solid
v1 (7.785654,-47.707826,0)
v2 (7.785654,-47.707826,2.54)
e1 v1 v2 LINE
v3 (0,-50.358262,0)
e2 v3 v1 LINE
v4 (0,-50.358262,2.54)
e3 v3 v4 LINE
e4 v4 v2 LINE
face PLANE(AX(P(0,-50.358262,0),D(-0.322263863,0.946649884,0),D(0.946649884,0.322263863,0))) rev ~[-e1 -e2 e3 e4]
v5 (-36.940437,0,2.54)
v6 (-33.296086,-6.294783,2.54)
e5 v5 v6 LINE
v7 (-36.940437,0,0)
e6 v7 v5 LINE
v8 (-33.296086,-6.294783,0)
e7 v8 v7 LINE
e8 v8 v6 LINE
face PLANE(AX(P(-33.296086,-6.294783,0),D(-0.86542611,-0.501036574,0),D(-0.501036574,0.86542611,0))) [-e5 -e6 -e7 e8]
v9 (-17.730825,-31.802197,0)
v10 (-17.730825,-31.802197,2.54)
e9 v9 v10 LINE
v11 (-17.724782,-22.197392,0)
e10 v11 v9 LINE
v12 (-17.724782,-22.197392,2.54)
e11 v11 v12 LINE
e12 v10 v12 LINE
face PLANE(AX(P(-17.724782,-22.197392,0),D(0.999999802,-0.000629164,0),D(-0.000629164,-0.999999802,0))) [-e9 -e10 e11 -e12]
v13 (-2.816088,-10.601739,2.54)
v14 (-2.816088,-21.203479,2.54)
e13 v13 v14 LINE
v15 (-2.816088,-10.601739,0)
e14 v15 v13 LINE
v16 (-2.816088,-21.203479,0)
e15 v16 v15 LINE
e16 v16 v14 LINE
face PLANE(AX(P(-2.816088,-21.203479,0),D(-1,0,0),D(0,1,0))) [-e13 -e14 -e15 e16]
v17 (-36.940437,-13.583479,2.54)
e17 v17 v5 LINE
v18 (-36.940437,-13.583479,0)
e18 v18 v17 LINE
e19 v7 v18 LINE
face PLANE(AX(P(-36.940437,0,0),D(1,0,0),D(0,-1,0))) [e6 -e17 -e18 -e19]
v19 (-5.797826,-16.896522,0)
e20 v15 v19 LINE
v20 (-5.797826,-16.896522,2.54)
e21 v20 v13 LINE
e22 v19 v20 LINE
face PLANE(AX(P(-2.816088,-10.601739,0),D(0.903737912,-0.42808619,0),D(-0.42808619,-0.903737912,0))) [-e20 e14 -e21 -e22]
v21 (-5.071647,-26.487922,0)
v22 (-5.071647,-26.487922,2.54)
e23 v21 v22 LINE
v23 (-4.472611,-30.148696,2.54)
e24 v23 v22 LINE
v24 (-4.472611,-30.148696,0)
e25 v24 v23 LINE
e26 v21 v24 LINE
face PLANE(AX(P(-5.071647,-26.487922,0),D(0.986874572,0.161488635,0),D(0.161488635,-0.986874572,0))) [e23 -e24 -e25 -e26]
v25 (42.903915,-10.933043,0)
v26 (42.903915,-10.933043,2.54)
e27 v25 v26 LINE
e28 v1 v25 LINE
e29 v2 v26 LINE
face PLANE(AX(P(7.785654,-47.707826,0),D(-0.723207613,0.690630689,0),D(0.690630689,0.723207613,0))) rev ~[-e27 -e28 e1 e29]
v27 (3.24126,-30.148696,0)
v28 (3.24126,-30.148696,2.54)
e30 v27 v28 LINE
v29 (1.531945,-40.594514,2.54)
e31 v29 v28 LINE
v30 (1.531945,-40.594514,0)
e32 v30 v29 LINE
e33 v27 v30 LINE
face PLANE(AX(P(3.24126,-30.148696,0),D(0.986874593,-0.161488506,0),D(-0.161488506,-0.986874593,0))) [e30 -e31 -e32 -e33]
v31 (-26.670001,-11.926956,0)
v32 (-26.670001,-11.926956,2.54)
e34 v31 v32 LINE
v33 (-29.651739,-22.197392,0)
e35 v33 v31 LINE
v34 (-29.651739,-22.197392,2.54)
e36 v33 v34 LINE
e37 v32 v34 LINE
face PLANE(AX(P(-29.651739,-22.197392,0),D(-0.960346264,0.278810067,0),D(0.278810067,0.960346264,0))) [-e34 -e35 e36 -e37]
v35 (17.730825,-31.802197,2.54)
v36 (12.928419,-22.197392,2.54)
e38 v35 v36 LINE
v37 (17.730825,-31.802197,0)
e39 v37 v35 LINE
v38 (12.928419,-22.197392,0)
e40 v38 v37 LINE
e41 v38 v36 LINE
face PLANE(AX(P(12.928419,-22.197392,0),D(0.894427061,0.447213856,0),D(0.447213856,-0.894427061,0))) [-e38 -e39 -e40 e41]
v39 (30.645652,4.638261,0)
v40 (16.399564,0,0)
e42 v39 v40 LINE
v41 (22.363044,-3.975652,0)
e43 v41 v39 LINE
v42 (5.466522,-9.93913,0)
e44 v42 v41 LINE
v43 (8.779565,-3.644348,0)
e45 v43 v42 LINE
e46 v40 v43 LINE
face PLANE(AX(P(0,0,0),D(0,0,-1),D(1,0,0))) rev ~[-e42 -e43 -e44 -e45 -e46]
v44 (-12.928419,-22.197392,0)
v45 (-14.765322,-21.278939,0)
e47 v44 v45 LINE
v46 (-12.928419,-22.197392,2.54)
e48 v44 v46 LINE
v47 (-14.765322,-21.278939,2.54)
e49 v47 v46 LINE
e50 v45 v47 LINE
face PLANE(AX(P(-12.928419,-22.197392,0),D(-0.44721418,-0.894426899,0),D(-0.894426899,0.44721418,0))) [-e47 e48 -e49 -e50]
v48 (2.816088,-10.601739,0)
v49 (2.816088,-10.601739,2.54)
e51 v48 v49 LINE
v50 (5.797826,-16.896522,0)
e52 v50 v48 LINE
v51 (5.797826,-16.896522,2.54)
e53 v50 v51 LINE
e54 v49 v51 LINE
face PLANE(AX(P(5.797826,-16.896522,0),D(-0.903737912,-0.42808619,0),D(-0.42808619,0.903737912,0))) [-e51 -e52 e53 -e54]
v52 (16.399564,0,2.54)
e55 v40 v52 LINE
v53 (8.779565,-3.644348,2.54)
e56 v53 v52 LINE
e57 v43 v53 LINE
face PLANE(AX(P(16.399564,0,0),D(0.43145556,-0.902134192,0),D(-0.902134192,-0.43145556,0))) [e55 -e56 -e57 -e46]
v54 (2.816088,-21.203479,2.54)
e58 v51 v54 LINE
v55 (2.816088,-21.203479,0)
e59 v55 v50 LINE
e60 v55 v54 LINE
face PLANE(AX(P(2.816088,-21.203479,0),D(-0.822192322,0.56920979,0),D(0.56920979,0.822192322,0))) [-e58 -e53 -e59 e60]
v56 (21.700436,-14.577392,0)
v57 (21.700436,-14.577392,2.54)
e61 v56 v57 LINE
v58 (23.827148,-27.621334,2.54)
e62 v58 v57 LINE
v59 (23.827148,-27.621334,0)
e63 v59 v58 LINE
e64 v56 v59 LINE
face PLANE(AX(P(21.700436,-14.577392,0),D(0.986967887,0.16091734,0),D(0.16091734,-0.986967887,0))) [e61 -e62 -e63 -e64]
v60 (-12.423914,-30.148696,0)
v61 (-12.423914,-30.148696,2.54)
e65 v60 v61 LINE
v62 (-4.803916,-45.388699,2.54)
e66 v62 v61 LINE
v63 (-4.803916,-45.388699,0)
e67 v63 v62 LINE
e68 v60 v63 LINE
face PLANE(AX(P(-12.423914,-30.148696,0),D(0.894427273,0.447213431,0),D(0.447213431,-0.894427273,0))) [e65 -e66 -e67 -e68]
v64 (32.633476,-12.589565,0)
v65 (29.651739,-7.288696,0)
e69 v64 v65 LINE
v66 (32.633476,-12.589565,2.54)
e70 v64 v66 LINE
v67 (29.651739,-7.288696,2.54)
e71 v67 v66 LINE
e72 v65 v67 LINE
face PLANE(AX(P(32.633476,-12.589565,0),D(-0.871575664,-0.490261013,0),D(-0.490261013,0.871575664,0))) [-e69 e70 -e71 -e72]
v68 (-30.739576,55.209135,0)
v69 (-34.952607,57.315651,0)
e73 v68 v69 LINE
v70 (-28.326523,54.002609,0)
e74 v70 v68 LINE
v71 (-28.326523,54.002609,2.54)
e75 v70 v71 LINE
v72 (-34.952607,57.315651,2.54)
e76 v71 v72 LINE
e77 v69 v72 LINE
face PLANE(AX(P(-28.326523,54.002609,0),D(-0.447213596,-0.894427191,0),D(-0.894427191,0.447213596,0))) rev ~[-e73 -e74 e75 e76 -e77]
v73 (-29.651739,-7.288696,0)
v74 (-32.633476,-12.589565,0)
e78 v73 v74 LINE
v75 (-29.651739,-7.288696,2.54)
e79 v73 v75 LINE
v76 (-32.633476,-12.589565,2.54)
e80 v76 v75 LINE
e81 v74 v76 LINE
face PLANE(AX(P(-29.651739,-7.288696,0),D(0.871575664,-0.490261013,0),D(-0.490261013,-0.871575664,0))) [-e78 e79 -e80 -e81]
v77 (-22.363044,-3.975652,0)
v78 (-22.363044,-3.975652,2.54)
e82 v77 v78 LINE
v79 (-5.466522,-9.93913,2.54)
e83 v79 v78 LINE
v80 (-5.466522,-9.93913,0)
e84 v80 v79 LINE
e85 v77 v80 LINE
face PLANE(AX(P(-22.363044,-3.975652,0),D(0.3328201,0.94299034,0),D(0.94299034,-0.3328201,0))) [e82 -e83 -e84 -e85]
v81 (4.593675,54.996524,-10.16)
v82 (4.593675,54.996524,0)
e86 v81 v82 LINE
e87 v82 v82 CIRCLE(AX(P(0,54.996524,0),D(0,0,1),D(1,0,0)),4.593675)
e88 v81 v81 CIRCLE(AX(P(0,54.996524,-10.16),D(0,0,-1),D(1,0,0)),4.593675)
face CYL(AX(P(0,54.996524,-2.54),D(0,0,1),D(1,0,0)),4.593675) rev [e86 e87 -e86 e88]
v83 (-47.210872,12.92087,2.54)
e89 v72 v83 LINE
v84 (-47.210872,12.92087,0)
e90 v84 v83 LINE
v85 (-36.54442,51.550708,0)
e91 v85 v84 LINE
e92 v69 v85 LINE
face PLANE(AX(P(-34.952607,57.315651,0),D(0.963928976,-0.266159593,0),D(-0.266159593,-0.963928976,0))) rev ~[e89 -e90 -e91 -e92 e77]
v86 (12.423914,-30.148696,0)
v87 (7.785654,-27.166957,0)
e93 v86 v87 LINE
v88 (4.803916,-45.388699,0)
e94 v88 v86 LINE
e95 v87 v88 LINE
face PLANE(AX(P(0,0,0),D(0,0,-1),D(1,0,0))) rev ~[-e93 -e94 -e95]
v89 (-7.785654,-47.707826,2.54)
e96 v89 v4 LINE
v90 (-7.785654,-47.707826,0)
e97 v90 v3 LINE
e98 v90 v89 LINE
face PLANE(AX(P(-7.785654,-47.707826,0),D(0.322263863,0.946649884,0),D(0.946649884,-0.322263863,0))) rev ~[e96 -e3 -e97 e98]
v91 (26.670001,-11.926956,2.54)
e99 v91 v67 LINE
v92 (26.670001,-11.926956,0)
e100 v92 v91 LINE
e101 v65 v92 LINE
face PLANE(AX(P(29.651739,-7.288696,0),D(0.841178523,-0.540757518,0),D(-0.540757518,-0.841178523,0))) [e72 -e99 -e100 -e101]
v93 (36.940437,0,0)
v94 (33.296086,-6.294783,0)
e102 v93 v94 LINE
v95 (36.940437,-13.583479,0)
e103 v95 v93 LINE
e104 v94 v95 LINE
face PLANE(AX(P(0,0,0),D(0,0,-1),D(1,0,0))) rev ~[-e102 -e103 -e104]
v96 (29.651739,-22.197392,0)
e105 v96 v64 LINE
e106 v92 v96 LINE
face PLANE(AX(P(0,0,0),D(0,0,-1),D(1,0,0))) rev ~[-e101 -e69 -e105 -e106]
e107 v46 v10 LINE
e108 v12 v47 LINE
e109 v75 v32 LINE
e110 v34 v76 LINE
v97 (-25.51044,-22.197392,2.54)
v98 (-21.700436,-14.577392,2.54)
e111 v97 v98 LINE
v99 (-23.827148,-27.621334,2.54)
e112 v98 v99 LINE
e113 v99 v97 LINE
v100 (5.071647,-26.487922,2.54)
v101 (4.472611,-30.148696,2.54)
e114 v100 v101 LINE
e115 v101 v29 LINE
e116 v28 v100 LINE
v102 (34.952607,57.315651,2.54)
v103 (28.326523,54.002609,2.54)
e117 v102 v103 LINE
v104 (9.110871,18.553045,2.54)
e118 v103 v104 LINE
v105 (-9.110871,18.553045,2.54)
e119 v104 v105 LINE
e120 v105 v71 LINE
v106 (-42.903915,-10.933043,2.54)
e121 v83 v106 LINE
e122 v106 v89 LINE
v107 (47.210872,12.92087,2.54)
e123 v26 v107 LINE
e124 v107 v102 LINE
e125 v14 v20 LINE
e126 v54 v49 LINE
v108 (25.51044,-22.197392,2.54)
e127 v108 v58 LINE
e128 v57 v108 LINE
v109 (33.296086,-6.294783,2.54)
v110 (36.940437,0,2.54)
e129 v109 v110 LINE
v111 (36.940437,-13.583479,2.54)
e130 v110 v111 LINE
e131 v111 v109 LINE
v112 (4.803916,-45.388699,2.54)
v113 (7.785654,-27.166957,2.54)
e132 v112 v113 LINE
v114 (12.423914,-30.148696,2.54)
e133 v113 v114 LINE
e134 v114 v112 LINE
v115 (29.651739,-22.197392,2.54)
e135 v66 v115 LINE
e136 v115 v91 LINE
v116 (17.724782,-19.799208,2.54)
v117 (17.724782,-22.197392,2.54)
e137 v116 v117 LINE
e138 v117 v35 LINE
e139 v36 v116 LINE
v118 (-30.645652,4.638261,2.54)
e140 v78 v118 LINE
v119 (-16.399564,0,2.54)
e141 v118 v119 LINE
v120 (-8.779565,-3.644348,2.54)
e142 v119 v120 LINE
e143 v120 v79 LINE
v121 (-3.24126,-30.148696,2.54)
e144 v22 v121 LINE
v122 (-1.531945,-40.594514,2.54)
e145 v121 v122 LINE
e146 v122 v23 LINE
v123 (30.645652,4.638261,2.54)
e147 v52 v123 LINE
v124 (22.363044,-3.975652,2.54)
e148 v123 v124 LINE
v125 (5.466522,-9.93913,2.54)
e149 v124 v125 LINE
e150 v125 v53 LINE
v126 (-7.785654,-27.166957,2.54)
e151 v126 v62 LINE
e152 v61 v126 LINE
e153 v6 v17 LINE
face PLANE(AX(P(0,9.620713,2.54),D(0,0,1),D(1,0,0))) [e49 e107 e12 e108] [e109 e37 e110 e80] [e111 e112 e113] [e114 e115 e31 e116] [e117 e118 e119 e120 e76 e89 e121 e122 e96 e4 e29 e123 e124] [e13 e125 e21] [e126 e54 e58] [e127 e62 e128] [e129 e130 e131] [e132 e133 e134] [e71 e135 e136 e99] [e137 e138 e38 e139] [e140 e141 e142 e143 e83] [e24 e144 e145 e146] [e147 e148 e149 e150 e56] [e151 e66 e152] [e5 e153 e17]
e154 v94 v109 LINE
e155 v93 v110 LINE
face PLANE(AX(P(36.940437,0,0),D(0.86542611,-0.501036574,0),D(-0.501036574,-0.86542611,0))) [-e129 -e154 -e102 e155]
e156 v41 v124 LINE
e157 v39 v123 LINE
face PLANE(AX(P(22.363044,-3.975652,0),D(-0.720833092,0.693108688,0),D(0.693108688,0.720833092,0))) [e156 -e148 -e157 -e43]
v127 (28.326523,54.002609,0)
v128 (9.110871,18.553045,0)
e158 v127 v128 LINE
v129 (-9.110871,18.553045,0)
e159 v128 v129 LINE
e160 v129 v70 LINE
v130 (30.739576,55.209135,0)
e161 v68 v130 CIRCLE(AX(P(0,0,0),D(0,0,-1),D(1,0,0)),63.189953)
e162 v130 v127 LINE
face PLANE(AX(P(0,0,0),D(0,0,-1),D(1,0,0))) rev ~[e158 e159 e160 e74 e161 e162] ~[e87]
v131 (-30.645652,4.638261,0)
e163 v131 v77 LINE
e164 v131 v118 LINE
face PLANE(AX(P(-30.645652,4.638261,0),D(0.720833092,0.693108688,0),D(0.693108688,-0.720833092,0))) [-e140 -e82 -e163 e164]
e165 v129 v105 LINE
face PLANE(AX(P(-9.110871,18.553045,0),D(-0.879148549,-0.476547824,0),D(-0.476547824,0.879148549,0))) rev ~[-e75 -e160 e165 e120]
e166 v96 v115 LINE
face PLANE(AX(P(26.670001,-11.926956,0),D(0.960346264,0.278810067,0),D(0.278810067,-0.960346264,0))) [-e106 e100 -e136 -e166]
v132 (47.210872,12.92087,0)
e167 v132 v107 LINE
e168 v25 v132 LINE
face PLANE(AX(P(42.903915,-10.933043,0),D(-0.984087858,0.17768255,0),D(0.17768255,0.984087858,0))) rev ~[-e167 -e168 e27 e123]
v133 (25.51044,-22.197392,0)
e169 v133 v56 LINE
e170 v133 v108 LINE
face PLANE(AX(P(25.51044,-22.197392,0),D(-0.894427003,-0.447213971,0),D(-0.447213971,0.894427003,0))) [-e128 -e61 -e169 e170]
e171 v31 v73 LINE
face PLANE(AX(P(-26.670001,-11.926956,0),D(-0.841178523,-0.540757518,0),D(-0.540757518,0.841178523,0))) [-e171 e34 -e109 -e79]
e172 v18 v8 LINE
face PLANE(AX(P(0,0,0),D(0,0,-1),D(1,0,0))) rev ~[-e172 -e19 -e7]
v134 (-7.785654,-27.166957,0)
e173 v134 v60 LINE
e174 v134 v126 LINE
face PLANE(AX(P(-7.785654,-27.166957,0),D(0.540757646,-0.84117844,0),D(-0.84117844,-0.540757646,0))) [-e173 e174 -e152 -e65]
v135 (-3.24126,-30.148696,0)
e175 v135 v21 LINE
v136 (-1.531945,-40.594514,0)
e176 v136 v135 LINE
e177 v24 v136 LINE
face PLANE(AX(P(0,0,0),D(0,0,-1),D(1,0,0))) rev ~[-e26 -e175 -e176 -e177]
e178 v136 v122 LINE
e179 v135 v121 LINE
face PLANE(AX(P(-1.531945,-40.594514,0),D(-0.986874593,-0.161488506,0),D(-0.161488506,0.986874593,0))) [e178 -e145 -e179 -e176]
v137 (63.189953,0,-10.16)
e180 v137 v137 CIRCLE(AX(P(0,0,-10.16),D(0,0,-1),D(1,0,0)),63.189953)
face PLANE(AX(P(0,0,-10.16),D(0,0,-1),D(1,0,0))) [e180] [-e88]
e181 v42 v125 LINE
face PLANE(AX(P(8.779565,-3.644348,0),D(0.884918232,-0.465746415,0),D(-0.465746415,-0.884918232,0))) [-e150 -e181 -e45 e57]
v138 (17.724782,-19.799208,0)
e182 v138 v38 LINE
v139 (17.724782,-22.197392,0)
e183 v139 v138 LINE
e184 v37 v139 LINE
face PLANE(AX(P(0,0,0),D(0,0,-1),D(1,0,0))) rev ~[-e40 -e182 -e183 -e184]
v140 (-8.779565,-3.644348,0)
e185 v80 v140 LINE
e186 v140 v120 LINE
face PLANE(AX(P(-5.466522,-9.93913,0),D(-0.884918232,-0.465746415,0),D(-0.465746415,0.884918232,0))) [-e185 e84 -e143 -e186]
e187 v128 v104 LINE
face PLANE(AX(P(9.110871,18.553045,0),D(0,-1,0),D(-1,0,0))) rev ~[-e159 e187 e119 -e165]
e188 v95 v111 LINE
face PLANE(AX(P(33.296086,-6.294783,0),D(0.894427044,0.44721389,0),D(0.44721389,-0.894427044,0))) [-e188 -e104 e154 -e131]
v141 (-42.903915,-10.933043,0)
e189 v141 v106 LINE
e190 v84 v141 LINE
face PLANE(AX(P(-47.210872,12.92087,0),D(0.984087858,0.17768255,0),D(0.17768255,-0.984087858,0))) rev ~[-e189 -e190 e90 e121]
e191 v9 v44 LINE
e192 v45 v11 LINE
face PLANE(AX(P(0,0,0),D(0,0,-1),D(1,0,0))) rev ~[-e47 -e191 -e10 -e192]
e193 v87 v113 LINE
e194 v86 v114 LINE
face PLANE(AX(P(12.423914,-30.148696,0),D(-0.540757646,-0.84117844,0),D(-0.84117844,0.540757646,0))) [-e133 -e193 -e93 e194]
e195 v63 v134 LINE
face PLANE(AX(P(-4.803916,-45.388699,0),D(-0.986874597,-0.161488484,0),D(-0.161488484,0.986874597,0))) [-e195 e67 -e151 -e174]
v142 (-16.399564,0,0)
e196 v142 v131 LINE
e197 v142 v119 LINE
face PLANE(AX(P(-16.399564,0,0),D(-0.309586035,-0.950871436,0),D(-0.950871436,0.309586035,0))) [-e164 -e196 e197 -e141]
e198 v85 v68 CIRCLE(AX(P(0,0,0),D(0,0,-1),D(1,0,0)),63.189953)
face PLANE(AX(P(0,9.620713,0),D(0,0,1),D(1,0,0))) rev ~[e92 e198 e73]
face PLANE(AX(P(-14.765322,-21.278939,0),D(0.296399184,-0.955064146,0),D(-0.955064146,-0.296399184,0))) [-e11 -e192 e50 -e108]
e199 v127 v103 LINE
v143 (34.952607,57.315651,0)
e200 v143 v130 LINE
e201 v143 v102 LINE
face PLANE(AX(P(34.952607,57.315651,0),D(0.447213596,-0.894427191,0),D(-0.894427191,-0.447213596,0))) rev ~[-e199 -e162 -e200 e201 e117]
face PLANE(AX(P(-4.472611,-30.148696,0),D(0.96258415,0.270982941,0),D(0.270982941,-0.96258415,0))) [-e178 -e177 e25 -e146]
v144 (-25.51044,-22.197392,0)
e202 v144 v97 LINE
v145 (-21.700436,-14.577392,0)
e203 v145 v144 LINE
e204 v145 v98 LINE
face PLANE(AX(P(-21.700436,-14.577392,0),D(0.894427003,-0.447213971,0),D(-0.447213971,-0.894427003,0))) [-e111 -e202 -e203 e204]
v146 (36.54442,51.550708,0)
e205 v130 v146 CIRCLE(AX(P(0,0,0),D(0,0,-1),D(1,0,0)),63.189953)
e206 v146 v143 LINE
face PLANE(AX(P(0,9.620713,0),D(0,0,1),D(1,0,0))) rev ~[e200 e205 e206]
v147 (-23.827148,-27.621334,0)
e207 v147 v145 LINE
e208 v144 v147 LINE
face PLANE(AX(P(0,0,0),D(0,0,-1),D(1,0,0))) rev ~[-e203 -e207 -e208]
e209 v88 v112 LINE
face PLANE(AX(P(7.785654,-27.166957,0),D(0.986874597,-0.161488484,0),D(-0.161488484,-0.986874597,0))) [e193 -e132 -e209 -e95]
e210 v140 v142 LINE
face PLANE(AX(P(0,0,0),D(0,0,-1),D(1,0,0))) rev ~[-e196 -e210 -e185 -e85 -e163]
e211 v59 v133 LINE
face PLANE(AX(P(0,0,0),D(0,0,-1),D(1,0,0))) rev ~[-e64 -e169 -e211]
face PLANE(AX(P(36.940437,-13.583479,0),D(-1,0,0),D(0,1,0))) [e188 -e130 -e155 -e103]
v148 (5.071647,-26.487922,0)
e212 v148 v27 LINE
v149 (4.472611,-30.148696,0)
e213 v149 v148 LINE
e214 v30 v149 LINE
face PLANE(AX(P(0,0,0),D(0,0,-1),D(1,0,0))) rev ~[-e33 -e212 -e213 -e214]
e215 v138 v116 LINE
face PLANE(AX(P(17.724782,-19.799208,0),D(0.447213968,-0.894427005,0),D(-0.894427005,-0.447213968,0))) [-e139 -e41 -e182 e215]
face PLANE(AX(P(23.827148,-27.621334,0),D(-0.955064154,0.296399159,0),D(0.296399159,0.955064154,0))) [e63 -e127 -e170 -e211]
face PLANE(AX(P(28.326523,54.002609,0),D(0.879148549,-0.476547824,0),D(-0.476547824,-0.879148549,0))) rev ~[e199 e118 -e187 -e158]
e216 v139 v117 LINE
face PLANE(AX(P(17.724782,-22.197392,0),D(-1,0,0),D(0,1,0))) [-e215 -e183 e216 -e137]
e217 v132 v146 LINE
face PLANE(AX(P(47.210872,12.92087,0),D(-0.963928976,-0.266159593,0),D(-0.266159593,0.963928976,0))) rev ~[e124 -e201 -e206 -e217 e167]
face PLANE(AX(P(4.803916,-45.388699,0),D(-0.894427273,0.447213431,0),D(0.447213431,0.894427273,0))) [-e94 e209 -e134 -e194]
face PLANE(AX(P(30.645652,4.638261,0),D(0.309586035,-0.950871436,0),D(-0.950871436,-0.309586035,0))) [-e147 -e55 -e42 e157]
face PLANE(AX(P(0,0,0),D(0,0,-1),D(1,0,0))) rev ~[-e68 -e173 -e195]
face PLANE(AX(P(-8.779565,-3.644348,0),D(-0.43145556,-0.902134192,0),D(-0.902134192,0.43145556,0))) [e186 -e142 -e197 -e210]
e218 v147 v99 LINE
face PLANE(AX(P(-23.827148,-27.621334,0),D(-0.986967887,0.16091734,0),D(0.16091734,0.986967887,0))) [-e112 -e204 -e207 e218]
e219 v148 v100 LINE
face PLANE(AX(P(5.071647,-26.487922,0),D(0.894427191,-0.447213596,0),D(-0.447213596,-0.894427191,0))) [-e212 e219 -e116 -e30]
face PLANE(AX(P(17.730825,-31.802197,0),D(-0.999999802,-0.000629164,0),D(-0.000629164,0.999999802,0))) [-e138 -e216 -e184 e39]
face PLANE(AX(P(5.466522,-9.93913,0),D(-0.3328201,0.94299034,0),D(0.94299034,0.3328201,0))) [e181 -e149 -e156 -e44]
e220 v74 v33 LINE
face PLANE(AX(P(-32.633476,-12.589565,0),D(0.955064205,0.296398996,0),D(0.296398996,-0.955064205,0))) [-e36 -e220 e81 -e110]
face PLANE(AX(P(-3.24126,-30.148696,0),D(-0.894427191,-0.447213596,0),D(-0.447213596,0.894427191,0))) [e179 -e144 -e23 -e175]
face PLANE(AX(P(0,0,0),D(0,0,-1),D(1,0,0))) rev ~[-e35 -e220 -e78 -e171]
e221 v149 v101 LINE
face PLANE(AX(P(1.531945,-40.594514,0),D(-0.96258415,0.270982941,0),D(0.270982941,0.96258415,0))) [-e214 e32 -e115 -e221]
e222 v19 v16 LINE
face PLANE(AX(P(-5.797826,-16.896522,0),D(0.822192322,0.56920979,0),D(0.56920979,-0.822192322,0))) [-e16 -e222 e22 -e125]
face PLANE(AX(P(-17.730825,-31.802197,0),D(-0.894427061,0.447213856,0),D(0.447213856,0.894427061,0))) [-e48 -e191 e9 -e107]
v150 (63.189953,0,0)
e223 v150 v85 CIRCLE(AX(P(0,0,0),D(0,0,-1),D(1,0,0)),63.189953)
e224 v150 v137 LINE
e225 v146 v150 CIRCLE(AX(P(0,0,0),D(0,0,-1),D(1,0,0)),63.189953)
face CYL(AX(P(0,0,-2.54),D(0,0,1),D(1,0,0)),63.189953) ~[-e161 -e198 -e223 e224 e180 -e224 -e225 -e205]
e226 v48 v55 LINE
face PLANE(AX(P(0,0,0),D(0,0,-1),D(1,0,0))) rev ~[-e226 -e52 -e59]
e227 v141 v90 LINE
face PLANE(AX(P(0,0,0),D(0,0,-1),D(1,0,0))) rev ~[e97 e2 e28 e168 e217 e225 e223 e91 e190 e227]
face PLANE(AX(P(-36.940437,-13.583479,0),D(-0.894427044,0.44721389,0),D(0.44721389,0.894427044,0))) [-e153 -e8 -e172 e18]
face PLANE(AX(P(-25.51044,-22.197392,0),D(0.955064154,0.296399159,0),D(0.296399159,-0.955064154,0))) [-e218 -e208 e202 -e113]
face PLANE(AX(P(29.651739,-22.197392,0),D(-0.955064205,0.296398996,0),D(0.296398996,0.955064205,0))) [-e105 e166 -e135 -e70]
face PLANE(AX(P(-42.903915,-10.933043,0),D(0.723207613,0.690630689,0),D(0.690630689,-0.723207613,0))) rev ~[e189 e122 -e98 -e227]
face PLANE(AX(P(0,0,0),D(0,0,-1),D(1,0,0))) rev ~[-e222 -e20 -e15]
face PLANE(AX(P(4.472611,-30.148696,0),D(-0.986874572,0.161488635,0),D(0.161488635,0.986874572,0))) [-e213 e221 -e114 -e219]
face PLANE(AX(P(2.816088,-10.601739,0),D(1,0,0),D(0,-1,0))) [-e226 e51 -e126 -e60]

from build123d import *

# Parameters (mm, degrees)
F1_DEPTH    = 2.54
F3_DEPTH    = 86.106
F5_DEPTH    = 95.25
F7_DEPTH    = 55.626
F8_R        = 63.189953
F9_DEPTH    = 2.54
F10_R       = 4.593675
F11_DEPTH   = 25.4
F9_FACE_R   = 63.189953
F9_FACE_R_2 = 4.593675
F12_DEPTH   = 7.62


with BuildPart() as f1:
    # F0 (on Top) → F1 (new body)
    with BuildSketch(Plane.XY):
        Polygon((9.110871, 18.553045), (0, 18.553045), (-9.110871, 18.553045), (-28.326523, 54.002609), (-34.952607, 57.315651), (-47.210872, 12.92087), (-42.903915, -10.933043), (-7.785654, -47.707826), (0, -50.358262), (7.785654, -47.707826), (42.903915, -10.933043), (47.210872, 12.92087), (34.952607, 57.315651), (28.326523, 54.002609), align=None)
    extrude(amount=F1_DEPTH)

    # F2 (on Top) → F3 (cut)
    with BuildSketch(Plane.XY):
        Polygon((-5.466522, -9.93913), (-8.779565, -3.644348), (-16.399564, 0), (-30.645652, 4.638261), (-22.363044, -3.975652), align=None)
        Polygon((8.779565, -3.644348), (5.466522, -9.93913), (22.363044, -3.975652), (30.645652, 4.638261), (16.399564, 0), align=None)
    extrude(amount=F3_DEPTH, mode=Mode.SUBTRACT)

    # F4 (on Top) → F5 (cut)
    with BuildSketch(Plane.XY):
        Polygon((-36.940437, -13.583479), (-33.296086, -6.294783), (-36.940437, 0), (-36.940437, -5.632174), align=None)
        Polygon((-29.651739, -22.197392), (-26.670001, -11.926956), (-29.651739, -7.288696), (-32.633476, -12.589565), align=None)
        Polygon((-23.827148, -27.621334), (-21.700436, -14.577392), (-25.51044, -22.197392), align=None)
        Polygon((-14.765322, -21.278939), (-17.724782, -22.197392), (-17.730825, -31.802197), (-12.928419, -22.197392), align=None)
        Polygon((-7.785654, -27.166957), (-12.423914, -30.148696), (-4.803916, -45.388699), align=None)
        Polygon((12.423914, -30.148696), (7.785654, -27.166957), (4.803916, -45.388699), align=None)
        Polygon((17.724782, -19.799208), (12.928419, -22.197392), (17.730825, -31.802197), (17.724782, -22.197392), align=None)
        Polygon((21.700436, -14.577392), (23.827148, -27.621334), (25.51044, -22.197392), align=None)
        Polygon((26.670001, -11.926956), (29.651739, -22.197392), (32.633476, -12.589565), (29.651739, -7.288696), align=None)
        Polygon((33.296086, -6.294783), (36.940437, -13.583479), (36.940437, -5.632174), (36.940437, 0), align=None)
        Polygon((-5.071647, -26.487922), (-4.472611, -30.148696), (-1.531945, -40.594514), (-3.24126, -30.148696), align=None)
        Polygon((3.24126, -30.148696), (1.531945, -40.594514), (4.472611, -30.148696), (5.071647, -26.487922), align=None)
    extrude(amount=F5_DEPTH, mode=Mode.SUBTRACT)

    # F6 (on Top) → F7 (cut)
    with BuildSketch(Plane.XY):
        Polygon((-2.816088, -21.203479), (-2.816088, -10.601739), (-5.797826, -16.896522), align=None)
        Polygon((2.816088, -10.601739), (2.816088, -21.203479), (5.797826, -16.896522), align=None)
    extrude(amount=F7_DEPTH, mode=Mode.SUBTRACT)

    # F8 (on face) → F9 (join)
    with BuildSketch(Plane(origin=(0, 0, 0), x_dir=(1, 0, 0), z_dir=(0, 0, -1))):
        Circle(F8_R)
    extrude(amount=F9_DEPTH)

    # F10 (on face) → F11 (cut)
    with BuildSketch(Plane.XY):
        with Locations((0, 54.996524)):
            Circle(F10_R)
    extrude(amount=-F11_DEPTH, mode=Mode.SUBTRACT)

    # F9_face (on face) → F12 (join)
    with BuildSketch(Plane(origin=(0, -0.292187, -2.54), x_dir=(1, 0, 0), z_dir=(0, 0, -1))):
        with Locations((0, -0.292187)):
            Circle(F9_FACE_R)
        with Locations((0, -55.288711)):
            Circle(F9_FACE_R_2, mode=Mode.SUBTRACT)
    extrude(amount=F12_DEPTH)


solid = f1.part
